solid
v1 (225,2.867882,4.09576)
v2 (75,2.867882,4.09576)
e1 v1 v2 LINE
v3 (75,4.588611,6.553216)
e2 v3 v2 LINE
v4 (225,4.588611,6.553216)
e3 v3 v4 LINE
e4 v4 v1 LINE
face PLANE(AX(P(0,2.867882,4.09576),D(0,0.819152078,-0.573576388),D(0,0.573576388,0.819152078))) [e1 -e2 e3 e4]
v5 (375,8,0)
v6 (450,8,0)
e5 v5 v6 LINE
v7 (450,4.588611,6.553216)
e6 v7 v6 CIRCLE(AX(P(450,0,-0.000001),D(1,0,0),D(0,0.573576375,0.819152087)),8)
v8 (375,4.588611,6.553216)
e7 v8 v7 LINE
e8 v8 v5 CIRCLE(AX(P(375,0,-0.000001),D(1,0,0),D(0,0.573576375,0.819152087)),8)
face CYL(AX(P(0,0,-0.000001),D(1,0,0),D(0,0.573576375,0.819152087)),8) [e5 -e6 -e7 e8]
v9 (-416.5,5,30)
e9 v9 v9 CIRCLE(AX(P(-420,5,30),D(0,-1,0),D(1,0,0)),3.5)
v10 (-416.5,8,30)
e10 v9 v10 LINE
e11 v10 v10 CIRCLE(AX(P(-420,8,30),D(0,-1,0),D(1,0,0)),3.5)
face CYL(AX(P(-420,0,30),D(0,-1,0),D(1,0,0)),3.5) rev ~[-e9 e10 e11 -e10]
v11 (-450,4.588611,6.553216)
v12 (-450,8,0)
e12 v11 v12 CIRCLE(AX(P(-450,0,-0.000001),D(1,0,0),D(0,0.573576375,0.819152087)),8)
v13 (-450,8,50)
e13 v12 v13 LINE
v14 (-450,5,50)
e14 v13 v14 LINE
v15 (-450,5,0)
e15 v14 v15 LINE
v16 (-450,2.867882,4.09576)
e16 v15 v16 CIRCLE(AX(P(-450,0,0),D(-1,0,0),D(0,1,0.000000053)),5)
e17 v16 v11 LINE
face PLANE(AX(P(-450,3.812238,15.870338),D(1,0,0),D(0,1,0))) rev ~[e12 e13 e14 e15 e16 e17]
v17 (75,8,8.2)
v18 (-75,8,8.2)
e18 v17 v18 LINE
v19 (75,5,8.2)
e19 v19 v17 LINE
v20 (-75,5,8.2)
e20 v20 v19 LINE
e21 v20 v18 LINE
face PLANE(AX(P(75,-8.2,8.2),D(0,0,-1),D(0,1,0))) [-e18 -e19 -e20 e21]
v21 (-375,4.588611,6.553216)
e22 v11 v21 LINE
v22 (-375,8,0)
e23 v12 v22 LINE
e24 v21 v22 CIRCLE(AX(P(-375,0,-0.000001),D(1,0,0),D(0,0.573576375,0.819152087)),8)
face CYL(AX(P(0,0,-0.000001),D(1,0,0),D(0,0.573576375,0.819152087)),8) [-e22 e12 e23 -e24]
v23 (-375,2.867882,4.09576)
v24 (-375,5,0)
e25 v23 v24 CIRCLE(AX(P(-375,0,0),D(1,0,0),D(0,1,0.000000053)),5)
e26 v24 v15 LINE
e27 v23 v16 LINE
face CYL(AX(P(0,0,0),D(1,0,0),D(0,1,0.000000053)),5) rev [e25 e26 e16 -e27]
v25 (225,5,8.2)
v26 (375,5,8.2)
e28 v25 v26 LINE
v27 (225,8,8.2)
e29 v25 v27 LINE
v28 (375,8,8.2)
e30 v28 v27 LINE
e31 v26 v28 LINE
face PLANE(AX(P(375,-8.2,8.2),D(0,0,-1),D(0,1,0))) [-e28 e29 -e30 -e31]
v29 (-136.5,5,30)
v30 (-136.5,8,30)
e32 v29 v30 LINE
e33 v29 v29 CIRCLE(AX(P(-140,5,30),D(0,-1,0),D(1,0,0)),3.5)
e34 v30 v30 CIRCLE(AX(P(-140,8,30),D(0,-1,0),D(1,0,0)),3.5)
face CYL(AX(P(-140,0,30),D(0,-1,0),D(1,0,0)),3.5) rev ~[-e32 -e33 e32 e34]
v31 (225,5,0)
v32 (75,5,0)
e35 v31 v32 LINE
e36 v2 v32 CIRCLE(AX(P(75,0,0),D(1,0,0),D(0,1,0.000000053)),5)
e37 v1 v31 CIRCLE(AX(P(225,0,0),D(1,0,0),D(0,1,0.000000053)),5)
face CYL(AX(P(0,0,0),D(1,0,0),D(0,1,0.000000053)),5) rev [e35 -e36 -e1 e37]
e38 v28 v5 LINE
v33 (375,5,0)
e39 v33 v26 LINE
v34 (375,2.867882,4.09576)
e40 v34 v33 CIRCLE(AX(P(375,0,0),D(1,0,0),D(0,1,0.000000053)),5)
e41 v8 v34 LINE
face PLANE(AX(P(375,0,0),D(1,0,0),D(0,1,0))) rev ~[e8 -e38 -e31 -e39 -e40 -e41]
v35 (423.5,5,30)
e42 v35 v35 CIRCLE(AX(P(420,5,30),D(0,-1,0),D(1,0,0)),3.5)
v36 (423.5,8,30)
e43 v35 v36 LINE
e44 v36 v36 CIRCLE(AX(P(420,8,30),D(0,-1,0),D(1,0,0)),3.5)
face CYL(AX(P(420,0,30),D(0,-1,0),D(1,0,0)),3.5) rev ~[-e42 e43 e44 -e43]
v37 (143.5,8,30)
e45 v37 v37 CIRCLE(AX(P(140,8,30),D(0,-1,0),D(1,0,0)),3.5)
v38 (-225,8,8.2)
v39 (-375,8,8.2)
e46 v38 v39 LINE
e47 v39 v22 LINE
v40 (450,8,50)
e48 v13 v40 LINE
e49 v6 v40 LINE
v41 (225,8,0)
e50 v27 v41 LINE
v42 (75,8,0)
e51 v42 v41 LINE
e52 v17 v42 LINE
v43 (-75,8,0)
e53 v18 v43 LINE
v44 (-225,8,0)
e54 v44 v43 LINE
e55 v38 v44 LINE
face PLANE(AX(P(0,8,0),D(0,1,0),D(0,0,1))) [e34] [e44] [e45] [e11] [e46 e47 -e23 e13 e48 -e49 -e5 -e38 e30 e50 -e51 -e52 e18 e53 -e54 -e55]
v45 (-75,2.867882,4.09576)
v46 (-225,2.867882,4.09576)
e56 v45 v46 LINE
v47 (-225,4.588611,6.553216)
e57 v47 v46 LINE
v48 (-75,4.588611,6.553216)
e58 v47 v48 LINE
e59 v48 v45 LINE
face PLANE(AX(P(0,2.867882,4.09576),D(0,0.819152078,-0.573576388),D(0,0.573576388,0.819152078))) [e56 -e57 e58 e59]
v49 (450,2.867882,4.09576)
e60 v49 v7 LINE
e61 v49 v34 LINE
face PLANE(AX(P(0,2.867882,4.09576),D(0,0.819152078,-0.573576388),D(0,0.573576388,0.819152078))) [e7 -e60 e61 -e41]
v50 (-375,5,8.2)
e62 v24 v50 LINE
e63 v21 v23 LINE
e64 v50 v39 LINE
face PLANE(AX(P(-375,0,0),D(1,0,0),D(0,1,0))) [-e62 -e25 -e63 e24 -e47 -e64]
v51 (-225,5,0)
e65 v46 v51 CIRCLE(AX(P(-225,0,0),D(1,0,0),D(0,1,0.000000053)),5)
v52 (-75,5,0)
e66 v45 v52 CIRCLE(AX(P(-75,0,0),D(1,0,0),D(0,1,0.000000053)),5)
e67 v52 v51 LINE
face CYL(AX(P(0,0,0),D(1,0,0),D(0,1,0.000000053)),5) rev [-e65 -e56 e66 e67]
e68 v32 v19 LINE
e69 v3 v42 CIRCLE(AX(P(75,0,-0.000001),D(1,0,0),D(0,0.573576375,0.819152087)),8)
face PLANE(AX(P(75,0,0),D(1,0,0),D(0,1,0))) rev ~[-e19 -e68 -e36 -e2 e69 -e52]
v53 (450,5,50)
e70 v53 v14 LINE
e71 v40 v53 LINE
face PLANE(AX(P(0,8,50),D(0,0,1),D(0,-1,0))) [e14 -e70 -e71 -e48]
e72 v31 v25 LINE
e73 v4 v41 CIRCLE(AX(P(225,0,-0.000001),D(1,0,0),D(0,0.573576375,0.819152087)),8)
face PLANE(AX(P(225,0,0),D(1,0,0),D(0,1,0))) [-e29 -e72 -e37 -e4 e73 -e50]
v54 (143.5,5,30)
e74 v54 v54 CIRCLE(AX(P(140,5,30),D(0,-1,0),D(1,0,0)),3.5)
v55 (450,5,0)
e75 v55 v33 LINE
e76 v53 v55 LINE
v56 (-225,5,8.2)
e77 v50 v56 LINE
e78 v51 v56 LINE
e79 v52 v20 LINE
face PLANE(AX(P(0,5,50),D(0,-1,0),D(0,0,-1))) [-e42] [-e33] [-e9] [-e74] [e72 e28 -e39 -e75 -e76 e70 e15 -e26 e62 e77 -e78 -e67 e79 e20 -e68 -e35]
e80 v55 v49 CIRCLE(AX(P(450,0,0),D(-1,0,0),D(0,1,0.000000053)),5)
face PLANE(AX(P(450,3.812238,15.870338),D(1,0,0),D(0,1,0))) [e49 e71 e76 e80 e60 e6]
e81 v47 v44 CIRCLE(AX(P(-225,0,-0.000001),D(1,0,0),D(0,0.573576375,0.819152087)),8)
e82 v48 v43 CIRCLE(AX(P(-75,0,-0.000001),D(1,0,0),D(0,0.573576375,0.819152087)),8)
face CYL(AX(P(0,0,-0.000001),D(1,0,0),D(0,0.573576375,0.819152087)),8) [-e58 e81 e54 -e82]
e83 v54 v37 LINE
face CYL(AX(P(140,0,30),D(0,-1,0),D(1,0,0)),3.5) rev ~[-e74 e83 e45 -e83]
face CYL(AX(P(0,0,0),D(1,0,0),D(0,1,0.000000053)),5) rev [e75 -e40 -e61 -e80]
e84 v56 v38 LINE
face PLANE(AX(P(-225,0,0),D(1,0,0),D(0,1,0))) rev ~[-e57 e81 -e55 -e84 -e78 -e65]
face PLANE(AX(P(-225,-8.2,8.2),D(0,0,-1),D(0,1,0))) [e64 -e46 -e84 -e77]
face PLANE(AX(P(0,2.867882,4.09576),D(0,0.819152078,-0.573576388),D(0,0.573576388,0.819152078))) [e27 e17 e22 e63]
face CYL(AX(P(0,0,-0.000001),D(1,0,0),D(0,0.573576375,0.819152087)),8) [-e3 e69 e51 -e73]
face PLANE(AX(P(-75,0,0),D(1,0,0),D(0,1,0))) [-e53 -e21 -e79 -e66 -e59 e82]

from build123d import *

# Parameters (mm, degrees)
F1_DEPTH  = 450
F9_W      = 16.4
F9_H      = 16.4
F10_DEPTH = 150
F11_W     = 16.4
F11_H     = 16.4
F12_DEPTH = 150
F13_W     = 16.4
F13_H     = 16.4
F14_DEPTH = 150
F15_R     = 3.5
F16_DEPTH = 8.001


with BuildPart() as f1:
    # F0 (on Right) → F1 (new body, symmetric)
    with BuildSketch(Plane.YZ):
        with BuildLine():
            Line((2.867882, 4.09576), (4.588611, 6.553216))
            ThreePointArc((4.588611, 6.553216), (-7.096087, -3.693989), (8, 0))
            Line((8, 0), (8, 50))
            Line((8, 50), (5, 50))
            Line((5, 50), (5, 0))
            ThreePointArc((5, 0), (-4.435054, -2.308743), (2.867882, 4.09576))
        make_face()
    extrude(amount=F1_DEPTH, both=True)

    # F9 (on offset) → F10 (cut)
    with BuildSketch(Plane.YZ.offset(375)):
        Rectangle(F9_W, F9_H)
    extrude(amount=-F10_DEPTH, mode=Mode.SUBTRACT)

    # F11 (on offset) → F12 (cut)
    with BuildSketch(Plane.YZ.offset(75)):
        Rectangle(F11_W, F11_H)
    extrude(amount=-F12_DEPTH, mode=Mode.SUBTRACT)

    # F13 (on offset) → F14 (cut)
    with BuildSketch(Plane.YZ.offset(-225)):
        Rectangle(F13_W, F13_H)
    extrude(amount=-F14_DEPTH, mode=Mode.SUBTRACT)

    # F15 (on Front) → F16 (cut, through all)
    with BuildSketch(Plane.XZ):
        with Locations((140, 30)):
            Circle(F15_R)
        with Locations((-140, 30)):
            Circle(F15_R)
        with Locations((-420, 30)):
            Circle(F15_R)
        with Locations((420, 30)):
            Circle(F15_R)
    extrude(amount=-F16_DEPTH, mode=Mode.SUBTRACT)


solid = f1.part
